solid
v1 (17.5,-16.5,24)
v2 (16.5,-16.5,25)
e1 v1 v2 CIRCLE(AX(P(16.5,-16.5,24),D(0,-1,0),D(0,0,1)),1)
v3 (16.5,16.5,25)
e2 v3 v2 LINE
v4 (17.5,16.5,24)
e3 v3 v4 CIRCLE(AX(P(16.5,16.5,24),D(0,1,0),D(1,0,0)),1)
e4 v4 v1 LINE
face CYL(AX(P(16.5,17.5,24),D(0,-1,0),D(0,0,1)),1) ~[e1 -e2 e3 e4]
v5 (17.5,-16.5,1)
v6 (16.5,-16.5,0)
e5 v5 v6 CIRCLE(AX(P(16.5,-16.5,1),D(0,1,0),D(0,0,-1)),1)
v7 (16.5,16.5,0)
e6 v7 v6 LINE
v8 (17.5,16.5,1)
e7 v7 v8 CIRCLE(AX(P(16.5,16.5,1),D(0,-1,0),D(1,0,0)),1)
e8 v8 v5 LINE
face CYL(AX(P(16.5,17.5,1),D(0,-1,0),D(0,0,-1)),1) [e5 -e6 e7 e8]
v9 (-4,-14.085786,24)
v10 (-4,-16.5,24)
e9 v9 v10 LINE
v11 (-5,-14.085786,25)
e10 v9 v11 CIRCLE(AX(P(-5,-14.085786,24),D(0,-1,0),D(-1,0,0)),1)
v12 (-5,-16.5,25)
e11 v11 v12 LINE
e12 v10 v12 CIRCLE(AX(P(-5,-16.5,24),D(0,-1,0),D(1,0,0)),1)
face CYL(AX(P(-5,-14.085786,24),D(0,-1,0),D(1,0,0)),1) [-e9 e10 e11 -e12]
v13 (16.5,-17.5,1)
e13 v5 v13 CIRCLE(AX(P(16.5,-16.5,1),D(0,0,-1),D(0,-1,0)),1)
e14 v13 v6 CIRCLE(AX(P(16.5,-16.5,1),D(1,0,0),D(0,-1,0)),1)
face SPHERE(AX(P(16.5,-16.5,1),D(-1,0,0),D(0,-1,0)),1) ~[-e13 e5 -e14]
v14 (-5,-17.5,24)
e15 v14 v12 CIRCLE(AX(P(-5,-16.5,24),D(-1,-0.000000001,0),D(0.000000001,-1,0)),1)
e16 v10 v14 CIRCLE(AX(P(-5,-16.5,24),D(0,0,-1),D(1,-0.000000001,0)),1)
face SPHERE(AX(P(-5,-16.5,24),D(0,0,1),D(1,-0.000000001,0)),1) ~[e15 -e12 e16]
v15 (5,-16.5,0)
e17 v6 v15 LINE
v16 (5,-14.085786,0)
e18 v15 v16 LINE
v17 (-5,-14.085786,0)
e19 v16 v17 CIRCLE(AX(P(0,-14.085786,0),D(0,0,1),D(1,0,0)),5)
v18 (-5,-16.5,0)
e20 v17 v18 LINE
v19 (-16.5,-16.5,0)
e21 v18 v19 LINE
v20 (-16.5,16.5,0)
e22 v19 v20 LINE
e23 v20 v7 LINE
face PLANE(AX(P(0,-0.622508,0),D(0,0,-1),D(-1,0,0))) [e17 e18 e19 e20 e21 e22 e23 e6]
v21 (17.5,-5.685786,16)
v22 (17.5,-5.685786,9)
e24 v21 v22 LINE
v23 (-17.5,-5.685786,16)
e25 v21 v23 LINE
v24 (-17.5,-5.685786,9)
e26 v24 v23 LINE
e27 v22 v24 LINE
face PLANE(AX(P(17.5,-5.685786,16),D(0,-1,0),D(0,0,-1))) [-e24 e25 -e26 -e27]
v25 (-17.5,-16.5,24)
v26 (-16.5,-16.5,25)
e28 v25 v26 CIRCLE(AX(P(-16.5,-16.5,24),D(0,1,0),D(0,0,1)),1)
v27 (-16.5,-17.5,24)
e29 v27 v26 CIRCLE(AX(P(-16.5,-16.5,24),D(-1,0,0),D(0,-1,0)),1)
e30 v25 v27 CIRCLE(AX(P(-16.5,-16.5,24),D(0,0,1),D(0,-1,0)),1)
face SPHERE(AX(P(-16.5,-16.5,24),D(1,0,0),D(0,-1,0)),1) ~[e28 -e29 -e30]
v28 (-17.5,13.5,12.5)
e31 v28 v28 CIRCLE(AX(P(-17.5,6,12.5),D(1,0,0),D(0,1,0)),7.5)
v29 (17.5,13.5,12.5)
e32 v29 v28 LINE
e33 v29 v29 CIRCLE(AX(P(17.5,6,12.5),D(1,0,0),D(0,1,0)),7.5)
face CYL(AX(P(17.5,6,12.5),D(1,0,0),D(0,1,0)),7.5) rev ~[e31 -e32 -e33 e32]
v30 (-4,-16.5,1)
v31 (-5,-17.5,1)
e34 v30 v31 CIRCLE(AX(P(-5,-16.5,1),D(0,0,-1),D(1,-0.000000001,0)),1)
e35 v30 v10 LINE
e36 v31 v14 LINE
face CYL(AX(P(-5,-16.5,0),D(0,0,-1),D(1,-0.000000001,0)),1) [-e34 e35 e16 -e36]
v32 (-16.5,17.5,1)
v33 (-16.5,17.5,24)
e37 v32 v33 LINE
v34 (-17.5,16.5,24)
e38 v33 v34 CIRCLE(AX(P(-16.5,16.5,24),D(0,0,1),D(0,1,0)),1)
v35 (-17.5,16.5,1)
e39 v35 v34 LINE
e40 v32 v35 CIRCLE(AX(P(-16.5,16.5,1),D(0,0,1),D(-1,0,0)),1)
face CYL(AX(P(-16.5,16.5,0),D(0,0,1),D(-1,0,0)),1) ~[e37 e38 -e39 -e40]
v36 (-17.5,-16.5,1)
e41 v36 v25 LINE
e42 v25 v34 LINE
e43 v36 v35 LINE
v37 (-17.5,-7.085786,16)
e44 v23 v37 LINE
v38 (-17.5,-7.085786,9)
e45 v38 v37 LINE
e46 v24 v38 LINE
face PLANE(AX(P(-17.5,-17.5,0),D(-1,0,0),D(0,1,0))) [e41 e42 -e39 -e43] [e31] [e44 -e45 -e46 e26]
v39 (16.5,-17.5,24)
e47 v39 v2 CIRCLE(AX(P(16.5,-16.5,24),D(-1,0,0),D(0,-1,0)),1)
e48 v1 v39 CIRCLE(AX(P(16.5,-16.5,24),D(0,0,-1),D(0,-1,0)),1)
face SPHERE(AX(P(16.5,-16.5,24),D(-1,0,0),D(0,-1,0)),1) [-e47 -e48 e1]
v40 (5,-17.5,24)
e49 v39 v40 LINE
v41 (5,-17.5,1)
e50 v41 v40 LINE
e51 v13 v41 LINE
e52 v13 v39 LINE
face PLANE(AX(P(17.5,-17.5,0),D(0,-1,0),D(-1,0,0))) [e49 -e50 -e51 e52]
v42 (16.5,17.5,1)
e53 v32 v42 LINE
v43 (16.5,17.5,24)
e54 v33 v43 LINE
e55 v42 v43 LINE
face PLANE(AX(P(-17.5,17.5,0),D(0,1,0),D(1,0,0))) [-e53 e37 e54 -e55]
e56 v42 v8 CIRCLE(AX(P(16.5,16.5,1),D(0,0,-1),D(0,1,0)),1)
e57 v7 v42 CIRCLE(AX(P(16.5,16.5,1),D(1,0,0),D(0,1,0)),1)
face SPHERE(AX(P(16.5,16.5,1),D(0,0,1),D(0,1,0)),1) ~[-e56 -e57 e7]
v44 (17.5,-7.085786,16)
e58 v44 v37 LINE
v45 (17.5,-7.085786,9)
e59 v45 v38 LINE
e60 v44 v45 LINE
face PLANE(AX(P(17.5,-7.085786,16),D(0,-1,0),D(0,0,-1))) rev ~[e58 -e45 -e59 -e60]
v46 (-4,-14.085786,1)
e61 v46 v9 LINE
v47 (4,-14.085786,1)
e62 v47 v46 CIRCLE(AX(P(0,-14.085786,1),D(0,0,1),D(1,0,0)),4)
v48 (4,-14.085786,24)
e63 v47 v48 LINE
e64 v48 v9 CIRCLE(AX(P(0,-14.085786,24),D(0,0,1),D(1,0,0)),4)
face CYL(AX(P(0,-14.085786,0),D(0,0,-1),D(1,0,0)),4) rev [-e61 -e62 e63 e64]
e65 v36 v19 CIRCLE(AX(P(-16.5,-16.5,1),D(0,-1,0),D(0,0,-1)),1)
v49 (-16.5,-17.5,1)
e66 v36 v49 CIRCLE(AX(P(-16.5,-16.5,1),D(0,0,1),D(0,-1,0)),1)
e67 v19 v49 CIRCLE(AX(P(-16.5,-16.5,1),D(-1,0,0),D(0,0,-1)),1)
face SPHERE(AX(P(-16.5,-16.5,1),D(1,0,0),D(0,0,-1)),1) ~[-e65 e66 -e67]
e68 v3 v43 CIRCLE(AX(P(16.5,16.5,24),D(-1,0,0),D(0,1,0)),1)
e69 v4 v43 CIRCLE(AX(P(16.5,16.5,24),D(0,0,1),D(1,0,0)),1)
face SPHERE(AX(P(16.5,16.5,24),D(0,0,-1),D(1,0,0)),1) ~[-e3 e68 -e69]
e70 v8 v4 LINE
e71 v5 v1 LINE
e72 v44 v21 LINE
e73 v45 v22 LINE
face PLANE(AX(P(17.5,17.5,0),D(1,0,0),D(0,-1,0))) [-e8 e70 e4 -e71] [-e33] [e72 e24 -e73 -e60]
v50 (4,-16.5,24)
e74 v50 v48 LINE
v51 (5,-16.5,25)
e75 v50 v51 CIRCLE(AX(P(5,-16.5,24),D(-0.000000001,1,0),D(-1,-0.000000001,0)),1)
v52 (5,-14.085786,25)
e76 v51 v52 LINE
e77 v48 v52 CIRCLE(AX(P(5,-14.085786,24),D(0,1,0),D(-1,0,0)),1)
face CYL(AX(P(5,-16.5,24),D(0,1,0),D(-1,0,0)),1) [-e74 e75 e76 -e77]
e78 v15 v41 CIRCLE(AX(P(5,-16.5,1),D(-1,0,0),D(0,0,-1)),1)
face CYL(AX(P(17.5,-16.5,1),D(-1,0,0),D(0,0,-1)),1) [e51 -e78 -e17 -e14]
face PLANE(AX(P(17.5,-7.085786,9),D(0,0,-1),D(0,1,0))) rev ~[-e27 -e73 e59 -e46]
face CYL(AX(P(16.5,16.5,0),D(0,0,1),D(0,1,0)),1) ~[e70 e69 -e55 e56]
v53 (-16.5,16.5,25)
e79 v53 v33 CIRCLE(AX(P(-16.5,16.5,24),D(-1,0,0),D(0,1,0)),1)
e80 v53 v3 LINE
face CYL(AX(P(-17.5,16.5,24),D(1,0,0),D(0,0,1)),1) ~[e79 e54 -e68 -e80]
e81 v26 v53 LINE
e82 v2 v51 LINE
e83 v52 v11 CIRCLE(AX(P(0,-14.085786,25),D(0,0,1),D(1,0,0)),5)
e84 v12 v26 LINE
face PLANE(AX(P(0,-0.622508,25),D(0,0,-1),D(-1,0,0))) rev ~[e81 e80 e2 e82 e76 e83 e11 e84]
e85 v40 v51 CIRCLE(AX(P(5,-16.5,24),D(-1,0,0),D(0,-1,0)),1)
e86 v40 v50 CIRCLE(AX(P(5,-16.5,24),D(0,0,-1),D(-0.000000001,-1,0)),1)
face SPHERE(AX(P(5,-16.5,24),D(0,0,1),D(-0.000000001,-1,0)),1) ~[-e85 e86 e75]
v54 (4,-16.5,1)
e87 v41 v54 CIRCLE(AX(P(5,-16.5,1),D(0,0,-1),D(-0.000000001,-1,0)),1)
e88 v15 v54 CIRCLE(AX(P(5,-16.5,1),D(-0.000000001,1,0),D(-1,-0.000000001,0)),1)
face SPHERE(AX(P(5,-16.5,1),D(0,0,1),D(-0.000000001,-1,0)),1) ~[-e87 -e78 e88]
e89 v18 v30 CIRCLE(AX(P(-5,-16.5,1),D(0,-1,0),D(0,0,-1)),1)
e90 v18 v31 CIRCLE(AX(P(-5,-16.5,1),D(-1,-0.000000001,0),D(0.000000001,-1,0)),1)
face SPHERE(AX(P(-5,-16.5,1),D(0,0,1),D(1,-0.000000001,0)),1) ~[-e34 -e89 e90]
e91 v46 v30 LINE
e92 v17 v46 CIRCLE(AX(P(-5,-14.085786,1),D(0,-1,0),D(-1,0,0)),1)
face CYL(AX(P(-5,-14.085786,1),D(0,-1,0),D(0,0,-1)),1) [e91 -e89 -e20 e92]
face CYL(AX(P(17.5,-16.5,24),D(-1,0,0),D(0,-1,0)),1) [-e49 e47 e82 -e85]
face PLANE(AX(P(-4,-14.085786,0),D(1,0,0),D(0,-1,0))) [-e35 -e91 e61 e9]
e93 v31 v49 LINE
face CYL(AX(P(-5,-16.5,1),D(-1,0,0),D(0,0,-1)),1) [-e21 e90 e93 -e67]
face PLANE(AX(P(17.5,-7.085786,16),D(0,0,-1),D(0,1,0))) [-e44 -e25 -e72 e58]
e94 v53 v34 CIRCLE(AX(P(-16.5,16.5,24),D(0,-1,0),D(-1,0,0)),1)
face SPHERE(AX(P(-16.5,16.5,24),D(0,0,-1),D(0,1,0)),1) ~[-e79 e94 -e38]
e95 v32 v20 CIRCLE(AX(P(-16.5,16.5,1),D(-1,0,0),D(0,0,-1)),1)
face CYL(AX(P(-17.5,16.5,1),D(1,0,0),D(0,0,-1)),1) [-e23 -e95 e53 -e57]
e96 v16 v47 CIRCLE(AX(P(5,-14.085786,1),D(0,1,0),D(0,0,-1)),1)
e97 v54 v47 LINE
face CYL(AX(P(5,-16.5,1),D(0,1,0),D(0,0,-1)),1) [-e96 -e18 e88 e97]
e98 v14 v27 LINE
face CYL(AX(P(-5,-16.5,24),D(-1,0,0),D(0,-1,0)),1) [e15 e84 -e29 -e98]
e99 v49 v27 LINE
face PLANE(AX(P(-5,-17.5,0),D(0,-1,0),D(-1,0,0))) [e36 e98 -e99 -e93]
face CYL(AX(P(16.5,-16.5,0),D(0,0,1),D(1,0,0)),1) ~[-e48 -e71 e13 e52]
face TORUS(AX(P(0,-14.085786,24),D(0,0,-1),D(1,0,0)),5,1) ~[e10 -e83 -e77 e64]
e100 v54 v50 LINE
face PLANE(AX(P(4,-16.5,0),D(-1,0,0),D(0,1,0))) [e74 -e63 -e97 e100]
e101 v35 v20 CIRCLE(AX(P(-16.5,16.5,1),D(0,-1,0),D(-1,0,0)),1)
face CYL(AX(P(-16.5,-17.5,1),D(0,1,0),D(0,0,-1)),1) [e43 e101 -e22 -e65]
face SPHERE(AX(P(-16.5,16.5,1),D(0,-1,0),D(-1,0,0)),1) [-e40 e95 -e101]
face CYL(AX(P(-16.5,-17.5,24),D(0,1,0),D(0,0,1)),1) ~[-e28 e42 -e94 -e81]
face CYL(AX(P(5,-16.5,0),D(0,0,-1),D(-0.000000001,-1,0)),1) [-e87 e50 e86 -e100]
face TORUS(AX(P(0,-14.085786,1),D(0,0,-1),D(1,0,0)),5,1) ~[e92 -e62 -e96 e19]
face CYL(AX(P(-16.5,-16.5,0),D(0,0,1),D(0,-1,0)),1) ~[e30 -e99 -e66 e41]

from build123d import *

# Parameters (mm, degrees)
ESTRUSIONE_ESTRUSIONE1_DEPTH = 25
SCHIZZO2_R                   = 7.5
TAGLIO_ESTRUSIONE1_DEPTH     = 47.435439053
SCHIZZO3_W                   = 7
SCHIZZO3_H                   = 1.4
TAGLIO_ESTRUSIONE2_DEPTH     = 47.435439053
RACCORDO2_R                  = 1


with BuildPart() as part:
    # Schizzo1 → Estrusione-Estrusione1 (new body)
    with BuildSketch(Plane.XY):
        with BuildLine():
            Line((-4, -14.085786438), (-4, -16.5))
            ThreePointArc((-4, -16.5), (-4.292893219, -17.207106781), (-5, -17.5))
            Line((-5, -17.5), (-17.5, -17.5))
            Line((-17.5, -17.5), (-17.5, 17.5))
            Line((-17.5, 17.5), (17.5, 17.5))
            Line((17.5, 17.5), (17.5, -17.5))
            Line((17.5, -17.5), (5, -17.5))
            ThreePointArc((5, -17.5), (4.292893219, -17.207106781), (4, -16.5))
            Line((4, -16.5), (4, -14.085786438))
            ThreePointArc((4, -14.085786438), (0, -10.085786438), (-4, -14.085786438))
        make_face()
    extrude(amount=ESTRUSIONE_ESTRUSIONE1_DEPTH)

    # Schizzo2 → Taglio-Estrusione1 (cut, through all)
    with BuildSketch(Plane(origin=(17.5, 0, 0), x_dir=(0, 0, -1), z_dir=(1, 0, 0))):
        with Locations(Location((-12.5, 6, 0), (0, 0, 90))):
            Circle(SCHIZZO2_R)
    extrude(amount=-TAGLIO_ESTRUSIONE1_DEPTH, mode=Mode.SUBTRACT)

    # Schizzo3 → Taglio-Estrusione2 (cut, through all)
    with BuildSketch(Plane(origin=(17.5, 0, 0), x_dir=(0, 0, -1), z_dir=(1, 0, 0))):
        with Locations((-12.5, -6.385786438)):
            Rectangle(SCHIZZO3_W, SCHIZZO3_H)
    extrude(amount=-TAGLIO_ESTRUSIONE2_DEPTH, mode=Mode.SUBTRACT)

    # Raccordo2
    raccordo2_edges = [part.edges().sort_by_distance(p)[0] for p in [
        (-4.292893219, -17.207106781, 25),
        (11.25, -17.5, 0),
        (4.292893219, -17.207106781, 0),
        (4, -15.292893219, 0),
        (0, -10.085786438, 0),
        (-4, -15.292893219, 0),
        (-4.292893219, -17.207106781, 0),
        (-11.25, -17.5, 0),
        (-17.5, 0, 0),
        (-4, -15.292893219, 25),
        (0, -10.085786438, 25),
        (-17.5, 17.5, 12.5),
        (17.5, 17.5, 12.5),
        (17.5, -17.5, 12.5),
        (-17.5, -17.5, 12.5),
        (4, -15.292893219, 25),
        (4.292893219, -17.207106781, 25),
        (11.25, -17.5, 25),
        (17.5, 0, 25),
        (0, 17.5, 25),
        (-17.5, 0, 25),
        (-11.25, -17.5, 25),
        (0, 17.5, 0),
        (17.5, 0, 0),
    ]]
    fillet(raccordo2_edges, radius=RACCORDO2_R)


solid = part.part
